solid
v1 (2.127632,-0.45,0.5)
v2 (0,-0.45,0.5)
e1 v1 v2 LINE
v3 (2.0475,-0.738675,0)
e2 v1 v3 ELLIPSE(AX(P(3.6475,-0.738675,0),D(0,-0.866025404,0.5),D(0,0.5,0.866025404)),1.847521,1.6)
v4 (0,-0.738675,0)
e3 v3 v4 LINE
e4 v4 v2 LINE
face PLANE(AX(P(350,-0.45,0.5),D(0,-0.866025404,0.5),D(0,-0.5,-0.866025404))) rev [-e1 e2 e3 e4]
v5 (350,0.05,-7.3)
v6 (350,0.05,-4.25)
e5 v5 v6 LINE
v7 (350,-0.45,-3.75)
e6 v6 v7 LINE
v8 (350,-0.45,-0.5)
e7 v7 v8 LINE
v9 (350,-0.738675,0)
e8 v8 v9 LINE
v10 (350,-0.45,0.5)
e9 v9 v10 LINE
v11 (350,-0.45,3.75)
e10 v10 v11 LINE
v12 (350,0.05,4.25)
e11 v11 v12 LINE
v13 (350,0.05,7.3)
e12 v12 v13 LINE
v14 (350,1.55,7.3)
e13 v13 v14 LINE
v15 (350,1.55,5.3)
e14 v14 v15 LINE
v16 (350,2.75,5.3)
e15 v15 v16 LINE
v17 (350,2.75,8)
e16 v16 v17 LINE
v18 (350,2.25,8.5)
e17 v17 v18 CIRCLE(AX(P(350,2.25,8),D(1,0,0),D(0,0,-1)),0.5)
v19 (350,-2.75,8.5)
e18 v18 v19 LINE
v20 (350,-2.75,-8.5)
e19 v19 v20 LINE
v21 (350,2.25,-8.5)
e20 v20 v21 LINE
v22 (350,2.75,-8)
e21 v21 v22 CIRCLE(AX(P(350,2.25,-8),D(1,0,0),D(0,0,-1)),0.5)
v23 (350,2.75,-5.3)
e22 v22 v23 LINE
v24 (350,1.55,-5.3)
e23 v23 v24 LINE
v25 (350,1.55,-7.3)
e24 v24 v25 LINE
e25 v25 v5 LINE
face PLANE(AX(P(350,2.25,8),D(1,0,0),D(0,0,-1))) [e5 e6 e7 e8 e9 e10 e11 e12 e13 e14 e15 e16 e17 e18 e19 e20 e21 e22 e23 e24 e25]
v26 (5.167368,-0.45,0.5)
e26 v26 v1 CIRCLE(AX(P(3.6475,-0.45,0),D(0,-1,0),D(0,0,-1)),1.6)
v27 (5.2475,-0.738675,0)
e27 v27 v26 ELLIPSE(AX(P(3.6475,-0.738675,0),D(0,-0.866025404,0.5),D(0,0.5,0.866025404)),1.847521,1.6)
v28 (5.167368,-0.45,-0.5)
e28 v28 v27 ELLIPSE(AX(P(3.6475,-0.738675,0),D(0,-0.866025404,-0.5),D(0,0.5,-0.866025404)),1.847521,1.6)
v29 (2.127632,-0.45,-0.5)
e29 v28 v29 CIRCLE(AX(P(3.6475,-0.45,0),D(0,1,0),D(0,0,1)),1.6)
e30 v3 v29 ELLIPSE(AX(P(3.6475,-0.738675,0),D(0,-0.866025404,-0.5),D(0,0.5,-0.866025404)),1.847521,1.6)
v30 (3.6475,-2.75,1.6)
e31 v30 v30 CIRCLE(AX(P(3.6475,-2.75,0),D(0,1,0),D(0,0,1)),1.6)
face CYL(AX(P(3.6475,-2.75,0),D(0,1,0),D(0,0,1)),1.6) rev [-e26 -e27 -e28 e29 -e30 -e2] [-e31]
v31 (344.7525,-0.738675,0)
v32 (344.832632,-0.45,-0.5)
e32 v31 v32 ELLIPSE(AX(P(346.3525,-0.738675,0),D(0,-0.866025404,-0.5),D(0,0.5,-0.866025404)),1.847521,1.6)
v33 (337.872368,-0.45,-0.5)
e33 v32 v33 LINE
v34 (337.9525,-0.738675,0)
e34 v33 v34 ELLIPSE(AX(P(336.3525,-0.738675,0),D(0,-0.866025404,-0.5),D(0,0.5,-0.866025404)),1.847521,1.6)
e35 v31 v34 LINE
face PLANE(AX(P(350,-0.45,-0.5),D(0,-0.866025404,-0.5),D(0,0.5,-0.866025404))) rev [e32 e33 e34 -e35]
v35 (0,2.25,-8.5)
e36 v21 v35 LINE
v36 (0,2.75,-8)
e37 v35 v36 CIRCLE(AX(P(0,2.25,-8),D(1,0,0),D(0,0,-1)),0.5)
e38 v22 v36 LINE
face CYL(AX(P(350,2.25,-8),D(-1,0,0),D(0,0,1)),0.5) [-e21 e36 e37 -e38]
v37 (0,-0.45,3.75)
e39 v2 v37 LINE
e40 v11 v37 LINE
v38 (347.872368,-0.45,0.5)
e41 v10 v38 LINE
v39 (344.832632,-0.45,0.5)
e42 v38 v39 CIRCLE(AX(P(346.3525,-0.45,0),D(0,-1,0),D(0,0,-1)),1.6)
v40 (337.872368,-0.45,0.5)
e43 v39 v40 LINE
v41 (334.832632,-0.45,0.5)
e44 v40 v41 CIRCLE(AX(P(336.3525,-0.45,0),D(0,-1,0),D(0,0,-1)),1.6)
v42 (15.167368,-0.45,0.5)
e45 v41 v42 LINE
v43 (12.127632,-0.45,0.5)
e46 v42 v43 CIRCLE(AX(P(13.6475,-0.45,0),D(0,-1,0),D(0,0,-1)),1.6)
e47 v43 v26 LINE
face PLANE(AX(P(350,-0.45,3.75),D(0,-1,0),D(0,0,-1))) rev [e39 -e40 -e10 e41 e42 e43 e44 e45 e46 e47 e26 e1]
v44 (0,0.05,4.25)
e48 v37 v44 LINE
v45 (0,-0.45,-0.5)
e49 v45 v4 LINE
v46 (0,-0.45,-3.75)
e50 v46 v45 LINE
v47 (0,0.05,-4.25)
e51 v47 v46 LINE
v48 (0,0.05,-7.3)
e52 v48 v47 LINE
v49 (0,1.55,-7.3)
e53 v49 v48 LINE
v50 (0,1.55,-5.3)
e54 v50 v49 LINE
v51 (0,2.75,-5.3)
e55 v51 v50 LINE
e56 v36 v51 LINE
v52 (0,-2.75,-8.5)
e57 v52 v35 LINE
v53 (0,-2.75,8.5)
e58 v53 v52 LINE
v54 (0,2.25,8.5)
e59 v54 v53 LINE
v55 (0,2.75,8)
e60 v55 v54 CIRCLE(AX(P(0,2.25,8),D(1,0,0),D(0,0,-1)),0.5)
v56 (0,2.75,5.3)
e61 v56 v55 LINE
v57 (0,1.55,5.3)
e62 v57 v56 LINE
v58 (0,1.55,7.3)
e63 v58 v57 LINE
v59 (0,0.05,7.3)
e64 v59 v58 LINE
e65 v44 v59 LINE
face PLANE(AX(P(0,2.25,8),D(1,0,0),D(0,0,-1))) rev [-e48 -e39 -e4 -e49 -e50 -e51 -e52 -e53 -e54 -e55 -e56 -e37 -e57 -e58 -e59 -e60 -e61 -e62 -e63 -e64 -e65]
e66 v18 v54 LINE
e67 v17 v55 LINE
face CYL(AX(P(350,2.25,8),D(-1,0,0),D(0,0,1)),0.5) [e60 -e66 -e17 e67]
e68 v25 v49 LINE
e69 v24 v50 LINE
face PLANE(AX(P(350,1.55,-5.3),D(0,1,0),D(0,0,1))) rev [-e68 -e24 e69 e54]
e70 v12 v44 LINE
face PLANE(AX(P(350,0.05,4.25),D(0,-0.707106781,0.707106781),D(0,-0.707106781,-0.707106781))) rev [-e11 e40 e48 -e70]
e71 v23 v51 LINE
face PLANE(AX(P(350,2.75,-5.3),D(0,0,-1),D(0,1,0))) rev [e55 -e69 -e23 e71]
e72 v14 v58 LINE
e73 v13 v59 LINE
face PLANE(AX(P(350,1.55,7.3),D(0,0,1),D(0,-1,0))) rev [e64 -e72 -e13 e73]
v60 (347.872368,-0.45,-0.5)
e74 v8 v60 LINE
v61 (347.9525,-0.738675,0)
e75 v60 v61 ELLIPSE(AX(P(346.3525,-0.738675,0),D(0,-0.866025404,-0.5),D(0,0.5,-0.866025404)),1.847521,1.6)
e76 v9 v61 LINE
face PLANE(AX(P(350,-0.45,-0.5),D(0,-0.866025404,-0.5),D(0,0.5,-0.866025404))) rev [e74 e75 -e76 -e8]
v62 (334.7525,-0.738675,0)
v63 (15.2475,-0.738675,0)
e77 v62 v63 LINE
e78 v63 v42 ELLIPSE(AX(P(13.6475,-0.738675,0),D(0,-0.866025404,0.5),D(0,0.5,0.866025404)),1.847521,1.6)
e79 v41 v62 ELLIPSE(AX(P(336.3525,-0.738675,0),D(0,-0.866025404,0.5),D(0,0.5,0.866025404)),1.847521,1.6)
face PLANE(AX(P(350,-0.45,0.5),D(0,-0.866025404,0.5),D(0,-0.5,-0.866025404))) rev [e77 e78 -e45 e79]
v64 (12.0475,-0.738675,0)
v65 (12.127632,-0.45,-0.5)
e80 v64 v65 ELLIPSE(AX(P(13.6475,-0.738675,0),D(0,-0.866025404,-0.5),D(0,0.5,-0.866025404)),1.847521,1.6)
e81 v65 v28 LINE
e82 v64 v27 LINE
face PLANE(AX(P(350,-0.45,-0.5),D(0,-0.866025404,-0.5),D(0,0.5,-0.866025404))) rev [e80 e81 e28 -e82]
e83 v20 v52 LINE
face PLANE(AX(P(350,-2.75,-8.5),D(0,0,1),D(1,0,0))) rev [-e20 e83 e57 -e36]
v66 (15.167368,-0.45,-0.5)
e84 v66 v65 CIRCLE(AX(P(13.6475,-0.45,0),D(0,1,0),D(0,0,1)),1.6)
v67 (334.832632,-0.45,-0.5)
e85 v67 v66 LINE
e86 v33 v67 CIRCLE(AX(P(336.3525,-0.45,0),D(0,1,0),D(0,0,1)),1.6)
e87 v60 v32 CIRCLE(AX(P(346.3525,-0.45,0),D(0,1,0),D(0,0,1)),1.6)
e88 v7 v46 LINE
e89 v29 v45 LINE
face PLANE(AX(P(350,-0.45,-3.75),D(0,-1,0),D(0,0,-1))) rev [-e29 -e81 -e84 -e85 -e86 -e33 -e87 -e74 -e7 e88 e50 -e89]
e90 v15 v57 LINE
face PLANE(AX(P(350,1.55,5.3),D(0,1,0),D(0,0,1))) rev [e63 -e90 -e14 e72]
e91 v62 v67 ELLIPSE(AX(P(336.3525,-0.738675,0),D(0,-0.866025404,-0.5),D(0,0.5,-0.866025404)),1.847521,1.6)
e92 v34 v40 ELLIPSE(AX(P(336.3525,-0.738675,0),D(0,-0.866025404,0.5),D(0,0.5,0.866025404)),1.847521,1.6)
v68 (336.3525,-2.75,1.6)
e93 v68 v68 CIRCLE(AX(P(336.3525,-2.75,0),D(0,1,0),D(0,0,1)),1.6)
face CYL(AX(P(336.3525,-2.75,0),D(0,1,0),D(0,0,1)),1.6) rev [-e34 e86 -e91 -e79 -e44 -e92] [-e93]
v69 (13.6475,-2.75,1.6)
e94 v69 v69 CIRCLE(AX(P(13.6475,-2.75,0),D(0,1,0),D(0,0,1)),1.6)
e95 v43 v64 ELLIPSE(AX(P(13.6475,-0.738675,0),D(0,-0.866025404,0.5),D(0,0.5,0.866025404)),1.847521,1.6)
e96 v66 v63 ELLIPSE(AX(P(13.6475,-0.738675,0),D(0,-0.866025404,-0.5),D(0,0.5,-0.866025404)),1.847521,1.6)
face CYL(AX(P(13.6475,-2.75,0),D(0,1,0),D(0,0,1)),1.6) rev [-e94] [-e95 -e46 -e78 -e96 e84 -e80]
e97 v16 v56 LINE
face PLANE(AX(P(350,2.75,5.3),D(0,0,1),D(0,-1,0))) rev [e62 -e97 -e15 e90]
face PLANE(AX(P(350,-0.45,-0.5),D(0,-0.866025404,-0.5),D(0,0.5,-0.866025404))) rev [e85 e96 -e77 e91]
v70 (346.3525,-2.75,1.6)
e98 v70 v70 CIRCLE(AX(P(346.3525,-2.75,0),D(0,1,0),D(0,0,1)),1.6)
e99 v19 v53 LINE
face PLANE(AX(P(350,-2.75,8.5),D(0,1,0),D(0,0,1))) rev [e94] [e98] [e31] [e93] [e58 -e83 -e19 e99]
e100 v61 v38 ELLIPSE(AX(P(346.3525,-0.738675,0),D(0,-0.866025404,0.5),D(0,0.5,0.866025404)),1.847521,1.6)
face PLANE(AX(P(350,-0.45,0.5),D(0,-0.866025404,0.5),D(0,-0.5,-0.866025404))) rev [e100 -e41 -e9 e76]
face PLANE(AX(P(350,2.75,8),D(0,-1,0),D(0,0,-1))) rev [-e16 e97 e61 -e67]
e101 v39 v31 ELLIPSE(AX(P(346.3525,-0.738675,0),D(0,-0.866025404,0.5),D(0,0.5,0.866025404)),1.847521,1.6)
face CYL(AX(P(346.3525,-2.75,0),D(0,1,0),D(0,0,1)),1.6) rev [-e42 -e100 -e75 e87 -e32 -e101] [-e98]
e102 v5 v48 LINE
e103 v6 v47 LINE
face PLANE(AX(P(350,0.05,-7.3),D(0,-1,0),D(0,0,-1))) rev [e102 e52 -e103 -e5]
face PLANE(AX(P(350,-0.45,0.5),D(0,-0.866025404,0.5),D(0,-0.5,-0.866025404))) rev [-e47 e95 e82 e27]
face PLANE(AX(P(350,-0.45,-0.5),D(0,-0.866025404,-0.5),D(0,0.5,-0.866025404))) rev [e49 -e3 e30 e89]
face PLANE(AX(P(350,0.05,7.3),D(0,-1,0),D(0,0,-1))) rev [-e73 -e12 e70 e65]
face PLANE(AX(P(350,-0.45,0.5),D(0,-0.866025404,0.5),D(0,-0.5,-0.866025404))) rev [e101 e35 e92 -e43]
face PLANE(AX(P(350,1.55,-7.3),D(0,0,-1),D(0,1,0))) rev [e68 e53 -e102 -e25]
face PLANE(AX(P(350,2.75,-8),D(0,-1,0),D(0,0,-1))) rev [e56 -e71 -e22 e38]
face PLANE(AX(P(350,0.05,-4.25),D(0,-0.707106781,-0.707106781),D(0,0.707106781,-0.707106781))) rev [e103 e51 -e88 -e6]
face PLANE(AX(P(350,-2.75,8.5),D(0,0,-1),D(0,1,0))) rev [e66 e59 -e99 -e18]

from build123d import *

# Parameters (mm, degrees)
BOSS_EXTRUDE1_DEPTH = 350
SKETCH6_R           = 1.6
CUT_EXTRUDE1_DEPTH  = 351.117823025


with BuildPart() as part:
    # Sketch5 → Boss-Extrude1 (new body)
    with BuildSketch(Plane(origin=(0, 0, 0), x_dir=(0, 0, -1), z_dir=(1, 0, 0))):
        with BuildLine():
            Line((-8.499999996, -2.75), (8.499999996, -2.75))
            Line((8.499999996, -2.75), (8.499999996, 2.25))
            ThreePointArc((8.499999996, 2.25), (8.353553387, 2.603553391), (7.999999996, 2.75))
            Line((7.999999996, 2.75), (5.299999996, 2.75))
            Line((5.299999996, 2.75), (5.299999996, 1.55))
            Line((5.299999996, 1.55), (7.299999998, 1.55))
            Line((7.299999998, 1.55), (7.299999998, 0.05))
            Line((7.299999998, 0.05), (4.249999998, 0.05))
            Line((4.249999998, 0.05), (3.749999998, -0.45))
            Line((3.749999998, -0.45), (0.499999998, -0.45))
            Line((0.499999998, -0.45), (0, -0.738675133))
            Line((0, -0.738675133), (-0.499999998, -0.45))
            Line((-0.499999998, -0.45), (-3.749999998, -0.45))
            Line((-3.749999998, -0.45), (-4.249999998, 0.05))
            Line((-4.249999998, 0.05), (-7.299999998, 0.05))
            Line((-7.299999998, 0.05), (-7.299999998, 1.55))
            Line((-7.299999998, 1.55), (-5.299999996, 1.55))
            Line((-5.299999996, 1.55), (-5.299999996, 2.75))
            Line((-5.299999996, 2.75), (-7.999999996, 2.75))
            ThreePointArc((-7.999999996, 2.75), (-8.353553387, 2.603553391), (-8.499999996, 2.25))
            Line((-8.499999996, 2.25), (-8.499999996, -2.75))
        make_face()
    extrude(amount=BOSS_EXTRUDE1_DEPTH)

    # Sketch6 → Cut-Extrude1 (cut, through all)
    with BuildSketch(Plane(origin=(0, -0.45, 0), x_dir=(1, 0, 0), z_dir=(0, 1, 0))):
        with Locations(Location((13.647499996, 4e-09, 0), (0, 0, 270))):
            Circle(SKETCH6_R)
        with Locations(Location((3.647499996, 4e-09, 0), (0, 0, 270))):
            Circle(SKETCH6_R)
        with Locations(Location((346.352500004, 4e-09, 0), (0, 0, 270))):
            Circle(SKETCH6_R)
        with Locations(Location((336.352500004, 4e-09, 0), (0, 0, 270))):
            Circle(SKETCH6_R)
    extrude(amount=-CUT_EXTRUDE1_DEPTH, mode=Mode.SUBTRACT)


solid = part.part
